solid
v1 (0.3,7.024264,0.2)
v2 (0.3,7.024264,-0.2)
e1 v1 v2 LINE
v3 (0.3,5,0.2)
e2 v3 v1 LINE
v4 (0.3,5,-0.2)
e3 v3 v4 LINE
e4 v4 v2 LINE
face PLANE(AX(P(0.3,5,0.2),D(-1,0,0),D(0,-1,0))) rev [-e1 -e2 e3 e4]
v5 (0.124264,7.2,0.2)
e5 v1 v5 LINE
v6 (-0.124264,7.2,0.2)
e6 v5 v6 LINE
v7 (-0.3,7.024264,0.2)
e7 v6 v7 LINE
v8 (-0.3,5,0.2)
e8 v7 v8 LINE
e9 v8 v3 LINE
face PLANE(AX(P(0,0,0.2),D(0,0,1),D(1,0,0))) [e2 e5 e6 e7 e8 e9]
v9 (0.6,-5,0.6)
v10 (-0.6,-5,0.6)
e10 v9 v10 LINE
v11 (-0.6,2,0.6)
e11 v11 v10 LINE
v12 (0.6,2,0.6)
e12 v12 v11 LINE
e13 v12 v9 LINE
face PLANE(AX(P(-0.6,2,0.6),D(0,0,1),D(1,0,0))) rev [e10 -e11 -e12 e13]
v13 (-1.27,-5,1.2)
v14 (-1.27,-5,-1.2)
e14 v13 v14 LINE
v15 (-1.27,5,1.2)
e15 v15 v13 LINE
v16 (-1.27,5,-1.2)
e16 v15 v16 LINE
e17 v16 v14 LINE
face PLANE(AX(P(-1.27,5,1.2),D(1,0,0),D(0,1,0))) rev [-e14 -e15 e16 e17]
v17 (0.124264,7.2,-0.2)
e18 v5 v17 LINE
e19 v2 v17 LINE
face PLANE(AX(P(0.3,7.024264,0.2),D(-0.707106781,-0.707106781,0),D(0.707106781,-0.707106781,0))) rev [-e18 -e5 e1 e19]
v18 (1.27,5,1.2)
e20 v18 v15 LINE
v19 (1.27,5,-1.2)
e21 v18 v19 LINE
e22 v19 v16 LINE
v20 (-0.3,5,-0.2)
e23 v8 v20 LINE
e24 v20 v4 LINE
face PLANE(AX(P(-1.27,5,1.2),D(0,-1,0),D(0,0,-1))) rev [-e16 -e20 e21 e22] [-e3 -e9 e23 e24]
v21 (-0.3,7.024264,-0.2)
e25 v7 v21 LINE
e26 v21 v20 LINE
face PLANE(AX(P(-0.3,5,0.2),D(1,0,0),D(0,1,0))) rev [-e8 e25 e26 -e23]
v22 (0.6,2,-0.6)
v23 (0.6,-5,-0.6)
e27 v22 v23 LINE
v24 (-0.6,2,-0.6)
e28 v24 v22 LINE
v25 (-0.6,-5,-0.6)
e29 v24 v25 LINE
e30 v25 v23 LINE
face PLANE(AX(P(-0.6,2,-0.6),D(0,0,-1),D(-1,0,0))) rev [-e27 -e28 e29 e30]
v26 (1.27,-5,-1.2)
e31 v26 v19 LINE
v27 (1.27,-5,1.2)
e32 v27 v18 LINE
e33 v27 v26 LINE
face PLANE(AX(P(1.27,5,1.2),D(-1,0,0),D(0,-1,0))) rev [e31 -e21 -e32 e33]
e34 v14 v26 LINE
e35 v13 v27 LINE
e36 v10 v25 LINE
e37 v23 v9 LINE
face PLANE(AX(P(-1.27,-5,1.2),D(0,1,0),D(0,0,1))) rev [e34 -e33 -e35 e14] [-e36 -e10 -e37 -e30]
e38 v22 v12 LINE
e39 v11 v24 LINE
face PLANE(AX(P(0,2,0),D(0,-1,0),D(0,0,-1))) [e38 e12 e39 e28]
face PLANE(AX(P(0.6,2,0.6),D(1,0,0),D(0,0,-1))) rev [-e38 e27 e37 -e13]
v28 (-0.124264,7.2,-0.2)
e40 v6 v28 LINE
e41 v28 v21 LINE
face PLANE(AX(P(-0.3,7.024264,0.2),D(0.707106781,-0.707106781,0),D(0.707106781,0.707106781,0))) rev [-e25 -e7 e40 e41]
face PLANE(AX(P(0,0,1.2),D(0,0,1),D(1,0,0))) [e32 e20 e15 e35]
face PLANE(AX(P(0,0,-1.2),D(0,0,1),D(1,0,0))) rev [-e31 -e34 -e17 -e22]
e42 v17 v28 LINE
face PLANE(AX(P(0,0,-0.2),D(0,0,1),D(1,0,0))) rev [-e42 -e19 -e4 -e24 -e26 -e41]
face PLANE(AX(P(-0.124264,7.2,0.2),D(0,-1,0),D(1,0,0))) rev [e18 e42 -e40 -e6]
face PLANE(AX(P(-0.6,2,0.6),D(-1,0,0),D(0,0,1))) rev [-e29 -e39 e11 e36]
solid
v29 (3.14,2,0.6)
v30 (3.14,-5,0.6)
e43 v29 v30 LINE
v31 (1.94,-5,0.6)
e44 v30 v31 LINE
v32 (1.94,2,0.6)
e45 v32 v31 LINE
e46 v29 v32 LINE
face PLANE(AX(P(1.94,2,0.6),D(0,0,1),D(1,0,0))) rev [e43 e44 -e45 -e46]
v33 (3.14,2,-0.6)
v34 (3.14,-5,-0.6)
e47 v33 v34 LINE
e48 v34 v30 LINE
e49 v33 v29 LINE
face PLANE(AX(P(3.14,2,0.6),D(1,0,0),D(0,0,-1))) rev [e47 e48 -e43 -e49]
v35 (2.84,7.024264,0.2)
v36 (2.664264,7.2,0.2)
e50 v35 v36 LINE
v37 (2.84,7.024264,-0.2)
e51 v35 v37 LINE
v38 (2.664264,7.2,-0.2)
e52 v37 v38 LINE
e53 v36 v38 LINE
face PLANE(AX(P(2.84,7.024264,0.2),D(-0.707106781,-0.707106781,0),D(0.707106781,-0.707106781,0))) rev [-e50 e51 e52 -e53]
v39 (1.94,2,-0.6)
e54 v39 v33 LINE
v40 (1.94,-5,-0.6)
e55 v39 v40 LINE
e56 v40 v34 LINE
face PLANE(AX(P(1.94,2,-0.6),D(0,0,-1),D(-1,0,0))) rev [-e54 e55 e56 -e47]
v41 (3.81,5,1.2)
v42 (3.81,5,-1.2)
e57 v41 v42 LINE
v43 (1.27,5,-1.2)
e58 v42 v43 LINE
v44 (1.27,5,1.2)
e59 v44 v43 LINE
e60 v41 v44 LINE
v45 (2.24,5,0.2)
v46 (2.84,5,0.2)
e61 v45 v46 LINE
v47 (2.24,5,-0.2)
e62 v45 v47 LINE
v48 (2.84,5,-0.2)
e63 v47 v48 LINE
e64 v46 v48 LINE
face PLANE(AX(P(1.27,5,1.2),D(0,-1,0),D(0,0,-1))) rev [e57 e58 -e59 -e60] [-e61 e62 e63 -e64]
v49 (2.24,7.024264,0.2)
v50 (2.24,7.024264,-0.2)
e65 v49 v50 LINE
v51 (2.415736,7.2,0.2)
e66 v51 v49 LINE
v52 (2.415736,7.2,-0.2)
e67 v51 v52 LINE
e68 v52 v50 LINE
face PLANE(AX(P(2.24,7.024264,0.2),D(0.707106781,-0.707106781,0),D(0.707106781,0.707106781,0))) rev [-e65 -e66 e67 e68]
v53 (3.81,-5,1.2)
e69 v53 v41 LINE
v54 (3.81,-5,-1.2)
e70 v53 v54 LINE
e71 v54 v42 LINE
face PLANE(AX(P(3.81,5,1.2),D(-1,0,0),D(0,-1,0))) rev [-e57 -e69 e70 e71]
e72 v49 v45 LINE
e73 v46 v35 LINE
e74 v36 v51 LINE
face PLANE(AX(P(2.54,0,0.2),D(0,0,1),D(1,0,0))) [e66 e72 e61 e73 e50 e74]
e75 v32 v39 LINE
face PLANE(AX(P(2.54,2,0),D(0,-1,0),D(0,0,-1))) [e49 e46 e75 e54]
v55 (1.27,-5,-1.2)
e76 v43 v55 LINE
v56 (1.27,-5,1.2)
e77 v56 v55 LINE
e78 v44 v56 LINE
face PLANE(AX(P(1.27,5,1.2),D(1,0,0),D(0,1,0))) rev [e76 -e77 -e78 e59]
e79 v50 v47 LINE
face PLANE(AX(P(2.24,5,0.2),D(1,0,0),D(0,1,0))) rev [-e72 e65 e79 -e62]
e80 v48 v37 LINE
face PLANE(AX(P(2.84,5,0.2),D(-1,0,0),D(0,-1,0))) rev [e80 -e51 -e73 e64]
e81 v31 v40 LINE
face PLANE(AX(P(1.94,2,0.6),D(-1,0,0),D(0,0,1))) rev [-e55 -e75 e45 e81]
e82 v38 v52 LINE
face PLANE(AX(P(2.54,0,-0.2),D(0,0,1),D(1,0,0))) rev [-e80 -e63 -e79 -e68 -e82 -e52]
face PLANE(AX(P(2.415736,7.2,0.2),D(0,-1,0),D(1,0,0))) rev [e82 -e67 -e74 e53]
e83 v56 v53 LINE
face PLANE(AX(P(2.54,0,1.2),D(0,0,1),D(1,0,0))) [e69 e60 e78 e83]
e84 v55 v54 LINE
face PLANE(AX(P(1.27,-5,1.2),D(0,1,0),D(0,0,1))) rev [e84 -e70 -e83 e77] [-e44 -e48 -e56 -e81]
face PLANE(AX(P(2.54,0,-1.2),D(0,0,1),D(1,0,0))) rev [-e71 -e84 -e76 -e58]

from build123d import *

# Parameters (mm, degrees)
SKETCH1_W           = 2.54
SKETCH1_H           = 10
BOSS_EXTRUDE1_DEPTH = 1.2
SKETCH2_W           = 1.2
SKETCH2_H           = 1.2
CUT_EXTRUDE1_DEPTH  = 7
BOSS_EXTRUDE2_DEPTH = 0.2
LPATTERN1_COUNT     = 2
LPATTERN1_PITCH     = 2.54


with BuildPart() as part:
    # Sketch1 → Boss-Extrude1 (new, symmetric)
    with BuildSketch(Plane.XY):
        Rectangle(SKETCH1_W, SKETCH1_H)
    extrude(amount=BOSS_EXTRUDE1_DEPTH, both=True)

    # Sketch2 → Cut-Extrude1 (cut)
    with BuildSketch(Plane.XZ.offset(5)):
        Rectangle(SKETCH2_W, SKETCH2_H)
    extrude(amount=-CUT_EXTRUDE1_DEPTH, mode=Mode.SUBTRACT)

    # Sketch3 → Boss-Extrude2 (add, symmetric)
    with BuildSketch(Plane.XY):
        Polygon((-0.3, 5), (-0.3, 7.024264069), (-0.124264069, 7.2), (0.124264069, 7.2), (0.3, 7.024264069), (0.3, 5), align=None)
    extrude(amount=BOSS_EXTRUDE2_DEPTH, both=True)


with BuildPart() as lpattern1_1:
    # LPattern1: pattern copy
    add(part.part.moved(Location(Vector(1, 0, 0) * (1 * LPATTERN1_PITCH))))


solid = Compound([part.part, lpattern1_1.part])
